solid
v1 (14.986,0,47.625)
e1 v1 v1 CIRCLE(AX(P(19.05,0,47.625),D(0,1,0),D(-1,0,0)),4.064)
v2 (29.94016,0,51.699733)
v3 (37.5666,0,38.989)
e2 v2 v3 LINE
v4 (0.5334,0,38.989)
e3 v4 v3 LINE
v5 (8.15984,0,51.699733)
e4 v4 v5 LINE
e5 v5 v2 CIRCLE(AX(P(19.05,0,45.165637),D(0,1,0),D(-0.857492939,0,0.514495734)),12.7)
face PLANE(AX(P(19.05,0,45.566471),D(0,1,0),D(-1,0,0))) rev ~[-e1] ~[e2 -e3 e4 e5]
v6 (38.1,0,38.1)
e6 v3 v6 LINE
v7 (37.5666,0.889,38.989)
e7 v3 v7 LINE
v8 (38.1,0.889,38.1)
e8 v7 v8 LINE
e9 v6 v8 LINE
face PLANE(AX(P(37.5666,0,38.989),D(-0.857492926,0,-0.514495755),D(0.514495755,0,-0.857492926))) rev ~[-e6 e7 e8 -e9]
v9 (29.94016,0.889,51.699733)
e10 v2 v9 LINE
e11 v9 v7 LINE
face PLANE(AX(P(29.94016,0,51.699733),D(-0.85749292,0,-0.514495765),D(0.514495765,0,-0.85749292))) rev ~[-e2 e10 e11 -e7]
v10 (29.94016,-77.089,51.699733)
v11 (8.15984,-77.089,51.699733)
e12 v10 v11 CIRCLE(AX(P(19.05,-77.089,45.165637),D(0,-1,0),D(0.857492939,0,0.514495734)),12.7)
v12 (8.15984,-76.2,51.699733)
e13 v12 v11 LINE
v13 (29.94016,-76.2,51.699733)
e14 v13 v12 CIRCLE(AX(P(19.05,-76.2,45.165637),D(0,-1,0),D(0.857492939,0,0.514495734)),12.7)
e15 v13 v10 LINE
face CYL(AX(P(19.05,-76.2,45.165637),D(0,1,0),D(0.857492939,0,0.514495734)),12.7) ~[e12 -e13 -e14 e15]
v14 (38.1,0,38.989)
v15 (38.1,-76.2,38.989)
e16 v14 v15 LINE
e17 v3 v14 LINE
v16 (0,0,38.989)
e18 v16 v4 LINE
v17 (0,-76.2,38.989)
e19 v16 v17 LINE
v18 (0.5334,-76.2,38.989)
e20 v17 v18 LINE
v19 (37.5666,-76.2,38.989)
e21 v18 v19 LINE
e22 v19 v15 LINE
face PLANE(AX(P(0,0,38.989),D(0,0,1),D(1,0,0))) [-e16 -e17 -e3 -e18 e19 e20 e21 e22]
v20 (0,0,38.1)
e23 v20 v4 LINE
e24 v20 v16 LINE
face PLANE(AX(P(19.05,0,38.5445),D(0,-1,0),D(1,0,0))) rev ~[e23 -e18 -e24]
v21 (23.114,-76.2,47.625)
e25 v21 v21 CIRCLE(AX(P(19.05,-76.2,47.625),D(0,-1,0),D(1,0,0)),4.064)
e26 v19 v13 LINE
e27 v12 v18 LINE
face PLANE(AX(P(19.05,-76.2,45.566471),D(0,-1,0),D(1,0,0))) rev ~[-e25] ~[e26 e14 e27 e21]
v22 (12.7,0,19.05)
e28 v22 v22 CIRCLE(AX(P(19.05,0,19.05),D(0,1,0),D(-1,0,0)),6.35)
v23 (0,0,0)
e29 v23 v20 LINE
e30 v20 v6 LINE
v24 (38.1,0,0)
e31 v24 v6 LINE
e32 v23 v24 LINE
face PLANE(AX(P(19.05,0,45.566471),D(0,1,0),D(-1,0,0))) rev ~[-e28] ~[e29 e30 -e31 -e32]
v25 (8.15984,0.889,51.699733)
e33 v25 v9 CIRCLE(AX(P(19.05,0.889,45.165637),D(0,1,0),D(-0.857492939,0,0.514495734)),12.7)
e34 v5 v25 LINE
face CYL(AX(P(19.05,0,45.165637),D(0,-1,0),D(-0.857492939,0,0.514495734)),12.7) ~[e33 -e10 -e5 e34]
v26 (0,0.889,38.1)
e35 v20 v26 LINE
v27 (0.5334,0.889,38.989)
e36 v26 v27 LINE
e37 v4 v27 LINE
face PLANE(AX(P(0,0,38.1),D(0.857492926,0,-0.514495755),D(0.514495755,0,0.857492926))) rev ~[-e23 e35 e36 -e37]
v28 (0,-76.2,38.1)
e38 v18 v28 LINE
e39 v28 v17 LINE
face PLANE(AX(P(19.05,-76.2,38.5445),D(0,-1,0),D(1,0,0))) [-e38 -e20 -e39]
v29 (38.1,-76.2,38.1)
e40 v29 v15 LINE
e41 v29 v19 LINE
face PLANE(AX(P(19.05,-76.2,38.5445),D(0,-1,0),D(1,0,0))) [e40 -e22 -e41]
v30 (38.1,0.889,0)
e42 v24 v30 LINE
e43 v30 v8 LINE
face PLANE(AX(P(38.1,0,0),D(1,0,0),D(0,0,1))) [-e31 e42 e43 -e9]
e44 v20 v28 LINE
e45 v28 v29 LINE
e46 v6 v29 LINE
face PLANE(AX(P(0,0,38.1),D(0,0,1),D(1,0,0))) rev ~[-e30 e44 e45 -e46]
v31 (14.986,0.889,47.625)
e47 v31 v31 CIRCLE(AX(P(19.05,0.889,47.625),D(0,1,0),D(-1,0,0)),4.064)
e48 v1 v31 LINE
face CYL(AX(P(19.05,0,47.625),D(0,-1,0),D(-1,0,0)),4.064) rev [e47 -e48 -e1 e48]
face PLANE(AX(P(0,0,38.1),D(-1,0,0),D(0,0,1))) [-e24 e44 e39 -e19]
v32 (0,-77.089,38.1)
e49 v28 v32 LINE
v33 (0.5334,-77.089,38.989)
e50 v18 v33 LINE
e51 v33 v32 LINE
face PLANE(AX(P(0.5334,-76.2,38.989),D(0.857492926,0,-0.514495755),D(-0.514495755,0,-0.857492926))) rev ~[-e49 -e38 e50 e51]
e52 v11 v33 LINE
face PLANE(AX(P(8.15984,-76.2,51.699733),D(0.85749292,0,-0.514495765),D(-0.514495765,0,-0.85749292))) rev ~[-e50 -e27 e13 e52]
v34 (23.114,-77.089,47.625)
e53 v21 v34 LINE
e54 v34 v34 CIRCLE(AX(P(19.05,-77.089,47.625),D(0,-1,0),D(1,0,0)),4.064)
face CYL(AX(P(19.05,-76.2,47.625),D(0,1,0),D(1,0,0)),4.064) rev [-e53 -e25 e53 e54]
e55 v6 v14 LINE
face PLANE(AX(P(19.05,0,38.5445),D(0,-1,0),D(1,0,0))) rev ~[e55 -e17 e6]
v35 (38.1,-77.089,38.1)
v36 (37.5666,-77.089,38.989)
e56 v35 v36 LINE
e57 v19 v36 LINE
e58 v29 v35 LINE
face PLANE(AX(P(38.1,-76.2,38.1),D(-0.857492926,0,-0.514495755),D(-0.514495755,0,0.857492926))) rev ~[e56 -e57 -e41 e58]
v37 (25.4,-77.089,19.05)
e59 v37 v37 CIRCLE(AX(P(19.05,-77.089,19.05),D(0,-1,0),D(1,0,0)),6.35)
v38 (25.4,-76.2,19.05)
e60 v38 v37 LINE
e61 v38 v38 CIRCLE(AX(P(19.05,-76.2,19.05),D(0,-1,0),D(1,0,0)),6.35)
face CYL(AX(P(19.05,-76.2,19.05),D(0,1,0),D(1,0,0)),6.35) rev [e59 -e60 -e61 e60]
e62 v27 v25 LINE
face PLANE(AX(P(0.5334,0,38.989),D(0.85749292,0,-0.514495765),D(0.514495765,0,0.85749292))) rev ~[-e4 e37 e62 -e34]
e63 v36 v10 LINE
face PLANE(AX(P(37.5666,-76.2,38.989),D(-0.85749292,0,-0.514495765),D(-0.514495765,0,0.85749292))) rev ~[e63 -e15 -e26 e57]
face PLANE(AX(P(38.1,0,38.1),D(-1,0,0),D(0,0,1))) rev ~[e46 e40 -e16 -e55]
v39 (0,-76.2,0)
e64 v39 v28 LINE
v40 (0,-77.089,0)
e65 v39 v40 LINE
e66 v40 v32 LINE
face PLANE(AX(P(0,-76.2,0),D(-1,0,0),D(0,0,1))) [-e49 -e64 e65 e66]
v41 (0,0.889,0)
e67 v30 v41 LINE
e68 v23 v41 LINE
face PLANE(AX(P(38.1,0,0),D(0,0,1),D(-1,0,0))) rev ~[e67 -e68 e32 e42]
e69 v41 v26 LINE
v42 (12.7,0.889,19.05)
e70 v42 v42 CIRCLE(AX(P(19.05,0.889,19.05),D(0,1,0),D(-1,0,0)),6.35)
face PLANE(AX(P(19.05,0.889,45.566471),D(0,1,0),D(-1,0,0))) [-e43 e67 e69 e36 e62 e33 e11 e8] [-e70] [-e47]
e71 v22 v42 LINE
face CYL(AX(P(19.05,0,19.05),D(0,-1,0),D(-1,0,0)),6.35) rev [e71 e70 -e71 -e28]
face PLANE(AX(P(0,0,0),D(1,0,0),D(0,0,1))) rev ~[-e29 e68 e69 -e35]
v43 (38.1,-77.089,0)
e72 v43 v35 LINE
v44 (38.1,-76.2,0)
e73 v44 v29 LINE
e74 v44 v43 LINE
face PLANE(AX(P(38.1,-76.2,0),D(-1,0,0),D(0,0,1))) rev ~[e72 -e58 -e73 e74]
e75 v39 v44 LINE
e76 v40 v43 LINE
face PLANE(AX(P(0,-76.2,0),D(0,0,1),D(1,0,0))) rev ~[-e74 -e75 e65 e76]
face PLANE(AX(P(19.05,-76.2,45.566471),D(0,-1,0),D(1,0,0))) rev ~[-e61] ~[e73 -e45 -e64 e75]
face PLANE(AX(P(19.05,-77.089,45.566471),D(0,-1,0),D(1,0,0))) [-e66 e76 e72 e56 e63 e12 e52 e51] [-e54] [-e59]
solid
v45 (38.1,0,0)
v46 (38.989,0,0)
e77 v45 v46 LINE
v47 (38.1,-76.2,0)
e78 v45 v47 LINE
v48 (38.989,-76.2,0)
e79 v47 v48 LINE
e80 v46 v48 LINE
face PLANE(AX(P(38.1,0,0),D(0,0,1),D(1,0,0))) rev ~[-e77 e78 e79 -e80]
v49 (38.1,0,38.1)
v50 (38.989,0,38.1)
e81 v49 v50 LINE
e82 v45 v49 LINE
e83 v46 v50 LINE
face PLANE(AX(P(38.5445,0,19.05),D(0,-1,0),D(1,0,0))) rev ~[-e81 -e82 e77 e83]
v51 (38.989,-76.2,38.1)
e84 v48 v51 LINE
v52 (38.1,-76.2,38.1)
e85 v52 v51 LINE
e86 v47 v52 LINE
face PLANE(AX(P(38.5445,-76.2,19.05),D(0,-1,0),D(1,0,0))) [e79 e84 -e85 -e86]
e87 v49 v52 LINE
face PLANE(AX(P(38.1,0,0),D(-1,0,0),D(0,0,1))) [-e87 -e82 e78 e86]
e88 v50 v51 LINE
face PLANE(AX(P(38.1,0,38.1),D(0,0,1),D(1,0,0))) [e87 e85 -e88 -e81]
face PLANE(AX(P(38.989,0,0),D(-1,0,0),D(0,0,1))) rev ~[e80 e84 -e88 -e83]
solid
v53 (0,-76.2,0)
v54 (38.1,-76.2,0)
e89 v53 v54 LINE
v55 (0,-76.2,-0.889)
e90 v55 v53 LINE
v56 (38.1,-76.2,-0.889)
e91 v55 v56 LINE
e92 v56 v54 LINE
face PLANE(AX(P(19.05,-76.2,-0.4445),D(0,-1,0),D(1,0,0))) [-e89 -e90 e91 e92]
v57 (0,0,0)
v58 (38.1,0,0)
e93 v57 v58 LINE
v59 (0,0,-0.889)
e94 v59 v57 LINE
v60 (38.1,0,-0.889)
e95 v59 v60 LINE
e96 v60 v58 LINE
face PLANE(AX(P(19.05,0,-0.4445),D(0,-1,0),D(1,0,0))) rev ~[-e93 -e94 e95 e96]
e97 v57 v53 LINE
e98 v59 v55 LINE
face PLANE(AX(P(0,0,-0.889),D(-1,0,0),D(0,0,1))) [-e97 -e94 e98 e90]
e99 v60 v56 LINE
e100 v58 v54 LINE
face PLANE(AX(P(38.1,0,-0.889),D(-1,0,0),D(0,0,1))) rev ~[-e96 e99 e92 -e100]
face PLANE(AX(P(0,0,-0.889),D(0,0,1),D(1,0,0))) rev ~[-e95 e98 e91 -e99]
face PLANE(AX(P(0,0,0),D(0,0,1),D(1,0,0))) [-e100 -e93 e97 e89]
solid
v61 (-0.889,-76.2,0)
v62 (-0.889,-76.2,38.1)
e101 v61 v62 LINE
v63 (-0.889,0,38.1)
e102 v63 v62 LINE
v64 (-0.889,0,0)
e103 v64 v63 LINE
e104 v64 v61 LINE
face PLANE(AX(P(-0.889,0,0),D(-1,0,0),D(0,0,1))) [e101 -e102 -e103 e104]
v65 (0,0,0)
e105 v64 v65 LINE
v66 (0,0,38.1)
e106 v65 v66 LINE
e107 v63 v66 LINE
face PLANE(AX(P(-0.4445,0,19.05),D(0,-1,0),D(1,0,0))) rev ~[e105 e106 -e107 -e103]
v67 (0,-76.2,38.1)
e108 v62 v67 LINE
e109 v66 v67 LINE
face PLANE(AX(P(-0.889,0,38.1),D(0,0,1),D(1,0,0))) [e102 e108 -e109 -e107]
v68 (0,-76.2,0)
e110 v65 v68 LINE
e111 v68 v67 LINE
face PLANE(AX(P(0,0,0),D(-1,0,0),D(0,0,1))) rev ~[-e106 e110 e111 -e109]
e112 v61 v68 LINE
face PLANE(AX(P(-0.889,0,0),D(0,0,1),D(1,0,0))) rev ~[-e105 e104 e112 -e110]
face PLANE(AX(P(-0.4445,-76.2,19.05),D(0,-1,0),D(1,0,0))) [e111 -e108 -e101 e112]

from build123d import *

# Parameters (mm, degrees)
F0_W     = 38.1
F0_H     = 0.889
F0_W_2   = 0.889
F0_H_2   = 38.1
F1_DEPTH = 76.2
F2_R     = 4.064
F2_W     = 38.1
F2_H     = 38.1
F2_R_2   = 6.35
F3_DEPTH = 0.889
F4_R     = 4.064
F4_W     = 38.1
F4_H     = 38.1
F4_R_2   = 6.35
F5_DEPTH = 0.889


with BuildPart() as f1:
    # F0 (on Front) → F1 (new body)
    with BuildSketch(Plane.XZ):
        with Locations((19.05, -0.4445)):
            Rectangle(F0_W, F0_H)
        with Locations((-0.4445, 19.05)):
            Rectangle(F0_W_2, F0_H_2)
        with Locations((19.05, 38.5445)):
            Rectangle(F0_W, F0_H)
        with Locations((38.5445, 19.05)):
            Rectangle(F0_W_2, F0_H_2)
    extrude(amount=F1_DEPTH)

    # F2 (on face) → F3 (join)
    with BuildSketch(Plane.XZ.offset(76.2)):
        with BuildLine():
            Line((8.15984, 51.699733), (0.5334, 38.989))
            Line((0.5334, 38.989), (37.5666, 38.989))
            Line((37.5666, 38.989), (29.94016, 51.699733))
            ThreePointArc((29.94016, 51.699733), (19.05, 57.865637), (8.15984, 51.699733))
        make_face()
        with Locations((19.05, 47.625)):
            Circle(F2_R, mode=Mode.SUBTRACT)
        with Locations((19.05, 19.05)):
            Rectangle(F2_W, F2_H)
        with Locations((19.05, 19.05)):
            Circle(F2_R_2, mode=Mode.SUBTRACT)
        Polygon((0.5334, 38.989), (0, 38.1), (38.1, 38.1), (37.5666, 38.989), align=None)
    extrude(amount=F3_DEPTH)

    # F4 (on face) → F5 (join)
    with BuildSketch(Plane(origin=(0, 0, 0), x_dir=(-1, 0, 0), z_dir=(0, 1, 0))):
        with BuildLine():
            Line((-0.5334, 38.989), (-8.15984, 51.699733))
            ThreePointArc((-8.15984, 51.699733), (-19.05, 57.865637), (-29.94016, 51.699733))
            Line((-29.94016, 51.699733), (-37.5666, 38.989))
            Line((-37.5666, 38.989), (-0.5334, 38.989))
        make_face()
        with Locations((-19.05, 47.625)):
            Circle(F4_R, mode=Mode.SUBTRACT)
        Polygon((0, 38.1), (-0.5334, 38.989), (-37.5666, 38.989), (-38.1, 38.1), align=None)
        with Locations((-19.05, 19.05)):
            Rectangle(F4_W, F4_H)
        with Locations((-19.05, 19.05)):
            Circle(F4_R_2, mode=Mode.SUBTRACT)
    extrude(amount=F5_DEPTH)


solid = f1.part
